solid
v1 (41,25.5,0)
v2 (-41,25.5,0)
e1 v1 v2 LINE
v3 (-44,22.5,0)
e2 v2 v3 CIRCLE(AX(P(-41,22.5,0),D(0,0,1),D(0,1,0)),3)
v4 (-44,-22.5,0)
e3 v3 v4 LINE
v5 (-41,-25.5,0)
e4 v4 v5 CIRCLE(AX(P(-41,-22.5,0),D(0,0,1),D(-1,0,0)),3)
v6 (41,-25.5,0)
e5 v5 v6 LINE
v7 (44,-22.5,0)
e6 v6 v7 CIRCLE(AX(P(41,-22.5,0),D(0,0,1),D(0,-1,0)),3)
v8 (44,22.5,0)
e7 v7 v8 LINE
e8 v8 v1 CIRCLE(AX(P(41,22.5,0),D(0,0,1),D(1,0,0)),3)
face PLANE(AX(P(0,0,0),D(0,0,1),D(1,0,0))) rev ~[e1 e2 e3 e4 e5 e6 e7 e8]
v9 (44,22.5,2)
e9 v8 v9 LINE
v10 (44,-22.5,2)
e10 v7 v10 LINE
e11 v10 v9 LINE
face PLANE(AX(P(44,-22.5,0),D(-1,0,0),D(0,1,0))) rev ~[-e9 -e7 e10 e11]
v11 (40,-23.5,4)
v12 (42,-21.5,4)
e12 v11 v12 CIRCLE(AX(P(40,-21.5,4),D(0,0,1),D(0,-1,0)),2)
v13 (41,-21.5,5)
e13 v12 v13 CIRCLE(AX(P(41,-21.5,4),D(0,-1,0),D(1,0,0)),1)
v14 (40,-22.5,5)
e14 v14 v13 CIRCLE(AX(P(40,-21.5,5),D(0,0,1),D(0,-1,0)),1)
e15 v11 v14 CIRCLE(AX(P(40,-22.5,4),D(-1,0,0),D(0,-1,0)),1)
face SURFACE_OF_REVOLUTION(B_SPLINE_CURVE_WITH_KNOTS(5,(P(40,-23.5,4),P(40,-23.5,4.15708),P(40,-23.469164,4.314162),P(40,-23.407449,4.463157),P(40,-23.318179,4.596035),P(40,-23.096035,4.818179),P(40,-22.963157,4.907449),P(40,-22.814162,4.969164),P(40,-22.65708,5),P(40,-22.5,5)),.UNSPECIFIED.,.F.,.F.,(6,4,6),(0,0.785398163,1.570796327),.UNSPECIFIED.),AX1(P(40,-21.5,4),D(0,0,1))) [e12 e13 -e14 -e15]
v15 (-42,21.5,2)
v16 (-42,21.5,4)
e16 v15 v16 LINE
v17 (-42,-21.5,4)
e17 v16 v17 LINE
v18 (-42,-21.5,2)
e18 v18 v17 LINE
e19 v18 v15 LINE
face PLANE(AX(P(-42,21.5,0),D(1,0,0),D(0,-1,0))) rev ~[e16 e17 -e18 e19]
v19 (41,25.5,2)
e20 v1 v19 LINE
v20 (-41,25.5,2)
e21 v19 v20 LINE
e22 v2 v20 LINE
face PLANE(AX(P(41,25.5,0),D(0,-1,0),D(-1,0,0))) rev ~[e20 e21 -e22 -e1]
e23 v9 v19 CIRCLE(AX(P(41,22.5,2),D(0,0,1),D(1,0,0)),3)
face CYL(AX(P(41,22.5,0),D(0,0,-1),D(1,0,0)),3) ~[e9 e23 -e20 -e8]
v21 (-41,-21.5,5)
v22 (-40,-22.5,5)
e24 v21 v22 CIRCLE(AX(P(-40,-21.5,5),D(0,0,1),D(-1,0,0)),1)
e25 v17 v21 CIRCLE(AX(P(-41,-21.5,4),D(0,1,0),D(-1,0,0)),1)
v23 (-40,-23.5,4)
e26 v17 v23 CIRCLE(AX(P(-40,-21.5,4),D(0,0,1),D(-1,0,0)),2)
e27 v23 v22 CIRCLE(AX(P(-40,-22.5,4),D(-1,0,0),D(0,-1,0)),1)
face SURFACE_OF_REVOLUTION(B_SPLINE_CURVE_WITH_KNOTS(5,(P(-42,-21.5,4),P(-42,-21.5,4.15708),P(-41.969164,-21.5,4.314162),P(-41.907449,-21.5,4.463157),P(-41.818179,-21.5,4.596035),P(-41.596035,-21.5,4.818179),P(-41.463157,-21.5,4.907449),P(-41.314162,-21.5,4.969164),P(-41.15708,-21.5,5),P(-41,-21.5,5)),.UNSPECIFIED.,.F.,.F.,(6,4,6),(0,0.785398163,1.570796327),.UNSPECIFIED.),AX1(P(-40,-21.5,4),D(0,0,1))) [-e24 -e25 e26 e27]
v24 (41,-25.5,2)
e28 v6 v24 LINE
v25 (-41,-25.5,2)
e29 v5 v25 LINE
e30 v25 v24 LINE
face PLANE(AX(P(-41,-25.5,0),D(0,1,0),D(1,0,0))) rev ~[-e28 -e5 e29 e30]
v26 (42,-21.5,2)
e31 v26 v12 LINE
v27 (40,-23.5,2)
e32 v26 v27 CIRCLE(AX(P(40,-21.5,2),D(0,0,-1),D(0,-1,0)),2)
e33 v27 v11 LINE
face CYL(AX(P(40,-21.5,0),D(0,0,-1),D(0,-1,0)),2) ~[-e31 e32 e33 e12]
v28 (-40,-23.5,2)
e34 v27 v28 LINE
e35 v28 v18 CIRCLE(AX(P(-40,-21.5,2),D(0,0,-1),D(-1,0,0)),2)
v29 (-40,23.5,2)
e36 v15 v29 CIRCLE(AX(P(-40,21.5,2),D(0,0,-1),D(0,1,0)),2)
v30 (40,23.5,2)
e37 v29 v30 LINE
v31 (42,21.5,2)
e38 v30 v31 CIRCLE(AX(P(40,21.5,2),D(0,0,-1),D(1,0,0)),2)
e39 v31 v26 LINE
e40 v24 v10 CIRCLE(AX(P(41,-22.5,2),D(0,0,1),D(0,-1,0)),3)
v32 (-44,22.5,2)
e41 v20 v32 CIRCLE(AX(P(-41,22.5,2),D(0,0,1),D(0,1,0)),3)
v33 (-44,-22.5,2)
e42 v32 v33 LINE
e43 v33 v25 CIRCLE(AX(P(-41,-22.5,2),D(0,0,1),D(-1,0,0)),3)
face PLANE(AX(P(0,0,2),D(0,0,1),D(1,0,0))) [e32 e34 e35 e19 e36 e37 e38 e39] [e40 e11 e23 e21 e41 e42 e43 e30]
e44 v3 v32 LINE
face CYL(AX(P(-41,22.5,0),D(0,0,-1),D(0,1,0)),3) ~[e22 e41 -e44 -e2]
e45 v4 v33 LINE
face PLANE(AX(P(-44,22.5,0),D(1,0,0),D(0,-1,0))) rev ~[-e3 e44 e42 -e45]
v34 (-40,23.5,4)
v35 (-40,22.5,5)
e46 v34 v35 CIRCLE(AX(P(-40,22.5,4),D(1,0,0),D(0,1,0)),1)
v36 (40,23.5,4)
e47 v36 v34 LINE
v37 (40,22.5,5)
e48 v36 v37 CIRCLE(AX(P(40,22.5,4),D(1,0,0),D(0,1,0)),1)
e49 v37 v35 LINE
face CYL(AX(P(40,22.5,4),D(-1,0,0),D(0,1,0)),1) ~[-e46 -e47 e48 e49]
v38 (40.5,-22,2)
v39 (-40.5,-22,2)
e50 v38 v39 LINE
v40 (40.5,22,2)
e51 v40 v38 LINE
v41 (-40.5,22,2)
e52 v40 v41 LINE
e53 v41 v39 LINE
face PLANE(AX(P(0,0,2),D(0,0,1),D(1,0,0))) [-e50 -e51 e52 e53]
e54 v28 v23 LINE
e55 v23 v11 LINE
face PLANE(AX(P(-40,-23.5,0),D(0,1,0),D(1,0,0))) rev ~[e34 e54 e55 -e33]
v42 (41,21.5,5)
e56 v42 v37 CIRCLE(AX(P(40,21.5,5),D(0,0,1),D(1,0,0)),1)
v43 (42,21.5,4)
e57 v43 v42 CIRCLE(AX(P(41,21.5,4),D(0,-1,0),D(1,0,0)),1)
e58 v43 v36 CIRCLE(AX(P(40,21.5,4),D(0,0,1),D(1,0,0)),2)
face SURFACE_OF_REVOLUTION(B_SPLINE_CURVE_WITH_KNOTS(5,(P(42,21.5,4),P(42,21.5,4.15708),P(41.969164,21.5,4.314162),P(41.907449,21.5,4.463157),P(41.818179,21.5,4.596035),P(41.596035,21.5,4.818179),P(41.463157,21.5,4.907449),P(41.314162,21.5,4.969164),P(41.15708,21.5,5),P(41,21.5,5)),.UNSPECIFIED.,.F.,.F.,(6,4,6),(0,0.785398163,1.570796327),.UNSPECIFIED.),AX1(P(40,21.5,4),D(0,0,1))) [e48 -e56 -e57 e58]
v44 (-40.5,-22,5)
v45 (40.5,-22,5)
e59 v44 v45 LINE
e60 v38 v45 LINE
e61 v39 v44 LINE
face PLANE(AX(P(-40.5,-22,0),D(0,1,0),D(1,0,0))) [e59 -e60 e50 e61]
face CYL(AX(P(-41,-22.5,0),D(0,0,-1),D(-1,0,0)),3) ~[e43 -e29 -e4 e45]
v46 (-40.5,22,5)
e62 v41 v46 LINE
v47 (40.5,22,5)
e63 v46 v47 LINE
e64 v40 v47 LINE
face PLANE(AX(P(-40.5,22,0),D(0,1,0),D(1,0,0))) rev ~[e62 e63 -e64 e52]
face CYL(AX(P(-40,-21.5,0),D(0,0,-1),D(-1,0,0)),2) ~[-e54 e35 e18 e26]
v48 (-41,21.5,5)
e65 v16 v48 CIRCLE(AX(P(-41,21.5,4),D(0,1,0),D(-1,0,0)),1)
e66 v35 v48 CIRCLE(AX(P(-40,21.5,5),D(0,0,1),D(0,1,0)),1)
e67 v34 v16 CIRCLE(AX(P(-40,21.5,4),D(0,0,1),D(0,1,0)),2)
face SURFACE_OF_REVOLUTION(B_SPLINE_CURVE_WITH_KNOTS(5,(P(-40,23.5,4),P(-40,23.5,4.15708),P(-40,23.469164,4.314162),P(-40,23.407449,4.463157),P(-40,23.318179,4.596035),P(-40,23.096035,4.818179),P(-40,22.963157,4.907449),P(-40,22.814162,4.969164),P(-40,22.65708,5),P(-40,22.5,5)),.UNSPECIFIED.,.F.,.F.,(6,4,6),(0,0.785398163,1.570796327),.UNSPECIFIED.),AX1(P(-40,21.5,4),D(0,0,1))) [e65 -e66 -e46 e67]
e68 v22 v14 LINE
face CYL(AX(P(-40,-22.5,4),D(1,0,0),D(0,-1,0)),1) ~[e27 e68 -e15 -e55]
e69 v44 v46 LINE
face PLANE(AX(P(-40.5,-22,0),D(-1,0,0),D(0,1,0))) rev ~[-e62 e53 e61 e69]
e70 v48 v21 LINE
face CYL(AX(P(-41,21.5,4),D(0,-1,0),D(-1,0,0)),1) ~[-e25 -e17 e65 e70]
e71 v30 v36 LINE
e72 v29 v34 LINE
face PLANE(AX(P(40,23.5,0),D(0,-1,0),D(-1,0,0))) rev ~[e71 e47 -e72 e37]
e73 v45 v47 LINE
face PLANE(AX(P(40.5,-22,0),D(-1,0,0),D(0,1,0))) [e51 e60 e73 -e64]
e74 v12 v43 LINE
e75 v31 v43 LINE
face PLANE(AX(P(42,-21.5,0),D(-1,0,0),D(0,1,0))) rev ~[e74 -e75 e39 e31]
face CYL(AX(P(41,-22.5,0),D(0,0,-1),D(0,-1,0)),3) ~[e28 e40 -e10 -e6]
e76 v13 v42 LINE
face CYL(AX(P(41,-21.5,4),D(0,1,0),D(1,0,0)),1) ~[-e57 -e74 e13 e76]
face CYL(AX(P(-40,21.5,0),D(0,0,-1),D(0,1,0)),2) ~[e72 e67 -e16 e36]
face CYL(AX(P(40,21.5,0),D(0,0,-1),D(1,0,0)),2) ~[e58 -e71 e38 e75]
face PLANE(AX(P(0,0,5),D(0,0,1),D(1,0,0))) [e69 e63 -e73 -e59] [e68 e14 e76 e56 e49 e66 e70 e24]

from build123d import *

# Parameters (mm, degrees)
F0_W     = 81
F0_H     = 44
F1_DEPTH = 2
F2_DEPTH = 5
F3_R     = 1


with BuildPart() as f1:
    # F0 (on Top) → F1 (new body)
    with BuildSketch(Plane.XY):
        with BuildLine():
            Line((-41, -25.5), (41, -25.5))
            ThreePointArc((41, -25.5), (43.1213203436, -24.6213203436), (44, -22.5))
            Line((44, -22.5), (44, 22.5))
            ThreePointArc((44, 22.5), (43.1213203436, 24.6213203436), (41, 25.5))
            Line((41, 25.5), (-41, 25.5))
            ThreePointArc((-41, 25.5), (-43.1213203436, 24.6213203436), (-44, 22.5))
            Line((-44, 22.5), (-44, -22.5))
            ThreePointArc((-44, -22.5), (-43.1213203436, -24.6213203436), (-41, -25.5))
        make_face()
        with BuildLine():
            Line((-40, 23.5), (40, 23.5))
            ThreePointArc((40, 23.5), (41.4142135624, 22.9142135624), (42, 21.5))
            Line((42, 21.5), (42, -21.5))
            ThreePointArc((42, -21.5), (41.4142135624, -22.9142135624), (40, -23.5))
            Line((40, -23.5), (-40, -23.5))
            ThreePointArc((-40, -23.5), (-41.4142135624, -22.9142135624), (-42, -21.5))
            Line((-42, -21.5), (-42, 21.5))
            ThreePointArc((-42, 21.5), (-41.4142135624, 22.9142135624), (-40, 23.5))
        make_face(mode=Mode.SUBTRACT)
        with BuildLine():
            ThreePointArc((42, 21.5), (41.4142135624, 22.9142135624), (40, 23.5))
            Line((40, 23.5), (-40, 23.5))
            ThreePointArc((-40, 23.5), (-41.4142135624, 22.9142135624), (-42, 21.5))
            Line((-42, 21.5), (-42, -21.5))
            ThreePointArc((-42, -21.5), (-41.4142135624, -22.9142135624), (-40, -23.5))
            Line((-40, -23.5), (40, -23.5))
            ThreePointArc((40, -23.5), (41.4142135624, -22.9142135624), (42, -21.5))
            Line((42, -21.5), (42, 21.5))
        make_face()
        Rectangle(F0_W, F0_H, mode=Mode.SUBTRACT)
        Rectangle(F0_W, F0_H)
    extrude(amount=F1_DEPTH)

    # F0 (on Top) → F2 (join)
    with BuildSketch(Plane.XY):
        with BuildLine():
            ThreePointArc((42, 21.5), (41.4142135624, 22.9142135624), (40, 23.5))
            Line((40, 23.5), (-40, 23.5))
            ThreePointArc((-40, 23.5), (-41.4142135624, 22.9142135624), (-42, 21.5))
            Line((-42, 21.5), (-42, -21.5))
            ThreePointArc((-42, -21.5), (-41.4142135624, -22.9142135624), (-40, -23.5))
            Line((-40, -23.5), (40, -23.5))
            ThreePointArc((40, -23.5), (41.4142135624, -22.9142135624), (42, -21.5))
            Line((42, -21.5), (42, 21.5))
        make_face()
        Rectangle(F0_W, F0_H, mode=Mode.SUBTRACT)
    extrude(amount=F2_DEPTH)

    # F3
    f3_edges = [f1.edges().sort_by_distance(p)[0] for p in [
        (-42, 0, 5),
    ]]
    fillet(f3_edges, radius=F3_R)


solid = f1.part
